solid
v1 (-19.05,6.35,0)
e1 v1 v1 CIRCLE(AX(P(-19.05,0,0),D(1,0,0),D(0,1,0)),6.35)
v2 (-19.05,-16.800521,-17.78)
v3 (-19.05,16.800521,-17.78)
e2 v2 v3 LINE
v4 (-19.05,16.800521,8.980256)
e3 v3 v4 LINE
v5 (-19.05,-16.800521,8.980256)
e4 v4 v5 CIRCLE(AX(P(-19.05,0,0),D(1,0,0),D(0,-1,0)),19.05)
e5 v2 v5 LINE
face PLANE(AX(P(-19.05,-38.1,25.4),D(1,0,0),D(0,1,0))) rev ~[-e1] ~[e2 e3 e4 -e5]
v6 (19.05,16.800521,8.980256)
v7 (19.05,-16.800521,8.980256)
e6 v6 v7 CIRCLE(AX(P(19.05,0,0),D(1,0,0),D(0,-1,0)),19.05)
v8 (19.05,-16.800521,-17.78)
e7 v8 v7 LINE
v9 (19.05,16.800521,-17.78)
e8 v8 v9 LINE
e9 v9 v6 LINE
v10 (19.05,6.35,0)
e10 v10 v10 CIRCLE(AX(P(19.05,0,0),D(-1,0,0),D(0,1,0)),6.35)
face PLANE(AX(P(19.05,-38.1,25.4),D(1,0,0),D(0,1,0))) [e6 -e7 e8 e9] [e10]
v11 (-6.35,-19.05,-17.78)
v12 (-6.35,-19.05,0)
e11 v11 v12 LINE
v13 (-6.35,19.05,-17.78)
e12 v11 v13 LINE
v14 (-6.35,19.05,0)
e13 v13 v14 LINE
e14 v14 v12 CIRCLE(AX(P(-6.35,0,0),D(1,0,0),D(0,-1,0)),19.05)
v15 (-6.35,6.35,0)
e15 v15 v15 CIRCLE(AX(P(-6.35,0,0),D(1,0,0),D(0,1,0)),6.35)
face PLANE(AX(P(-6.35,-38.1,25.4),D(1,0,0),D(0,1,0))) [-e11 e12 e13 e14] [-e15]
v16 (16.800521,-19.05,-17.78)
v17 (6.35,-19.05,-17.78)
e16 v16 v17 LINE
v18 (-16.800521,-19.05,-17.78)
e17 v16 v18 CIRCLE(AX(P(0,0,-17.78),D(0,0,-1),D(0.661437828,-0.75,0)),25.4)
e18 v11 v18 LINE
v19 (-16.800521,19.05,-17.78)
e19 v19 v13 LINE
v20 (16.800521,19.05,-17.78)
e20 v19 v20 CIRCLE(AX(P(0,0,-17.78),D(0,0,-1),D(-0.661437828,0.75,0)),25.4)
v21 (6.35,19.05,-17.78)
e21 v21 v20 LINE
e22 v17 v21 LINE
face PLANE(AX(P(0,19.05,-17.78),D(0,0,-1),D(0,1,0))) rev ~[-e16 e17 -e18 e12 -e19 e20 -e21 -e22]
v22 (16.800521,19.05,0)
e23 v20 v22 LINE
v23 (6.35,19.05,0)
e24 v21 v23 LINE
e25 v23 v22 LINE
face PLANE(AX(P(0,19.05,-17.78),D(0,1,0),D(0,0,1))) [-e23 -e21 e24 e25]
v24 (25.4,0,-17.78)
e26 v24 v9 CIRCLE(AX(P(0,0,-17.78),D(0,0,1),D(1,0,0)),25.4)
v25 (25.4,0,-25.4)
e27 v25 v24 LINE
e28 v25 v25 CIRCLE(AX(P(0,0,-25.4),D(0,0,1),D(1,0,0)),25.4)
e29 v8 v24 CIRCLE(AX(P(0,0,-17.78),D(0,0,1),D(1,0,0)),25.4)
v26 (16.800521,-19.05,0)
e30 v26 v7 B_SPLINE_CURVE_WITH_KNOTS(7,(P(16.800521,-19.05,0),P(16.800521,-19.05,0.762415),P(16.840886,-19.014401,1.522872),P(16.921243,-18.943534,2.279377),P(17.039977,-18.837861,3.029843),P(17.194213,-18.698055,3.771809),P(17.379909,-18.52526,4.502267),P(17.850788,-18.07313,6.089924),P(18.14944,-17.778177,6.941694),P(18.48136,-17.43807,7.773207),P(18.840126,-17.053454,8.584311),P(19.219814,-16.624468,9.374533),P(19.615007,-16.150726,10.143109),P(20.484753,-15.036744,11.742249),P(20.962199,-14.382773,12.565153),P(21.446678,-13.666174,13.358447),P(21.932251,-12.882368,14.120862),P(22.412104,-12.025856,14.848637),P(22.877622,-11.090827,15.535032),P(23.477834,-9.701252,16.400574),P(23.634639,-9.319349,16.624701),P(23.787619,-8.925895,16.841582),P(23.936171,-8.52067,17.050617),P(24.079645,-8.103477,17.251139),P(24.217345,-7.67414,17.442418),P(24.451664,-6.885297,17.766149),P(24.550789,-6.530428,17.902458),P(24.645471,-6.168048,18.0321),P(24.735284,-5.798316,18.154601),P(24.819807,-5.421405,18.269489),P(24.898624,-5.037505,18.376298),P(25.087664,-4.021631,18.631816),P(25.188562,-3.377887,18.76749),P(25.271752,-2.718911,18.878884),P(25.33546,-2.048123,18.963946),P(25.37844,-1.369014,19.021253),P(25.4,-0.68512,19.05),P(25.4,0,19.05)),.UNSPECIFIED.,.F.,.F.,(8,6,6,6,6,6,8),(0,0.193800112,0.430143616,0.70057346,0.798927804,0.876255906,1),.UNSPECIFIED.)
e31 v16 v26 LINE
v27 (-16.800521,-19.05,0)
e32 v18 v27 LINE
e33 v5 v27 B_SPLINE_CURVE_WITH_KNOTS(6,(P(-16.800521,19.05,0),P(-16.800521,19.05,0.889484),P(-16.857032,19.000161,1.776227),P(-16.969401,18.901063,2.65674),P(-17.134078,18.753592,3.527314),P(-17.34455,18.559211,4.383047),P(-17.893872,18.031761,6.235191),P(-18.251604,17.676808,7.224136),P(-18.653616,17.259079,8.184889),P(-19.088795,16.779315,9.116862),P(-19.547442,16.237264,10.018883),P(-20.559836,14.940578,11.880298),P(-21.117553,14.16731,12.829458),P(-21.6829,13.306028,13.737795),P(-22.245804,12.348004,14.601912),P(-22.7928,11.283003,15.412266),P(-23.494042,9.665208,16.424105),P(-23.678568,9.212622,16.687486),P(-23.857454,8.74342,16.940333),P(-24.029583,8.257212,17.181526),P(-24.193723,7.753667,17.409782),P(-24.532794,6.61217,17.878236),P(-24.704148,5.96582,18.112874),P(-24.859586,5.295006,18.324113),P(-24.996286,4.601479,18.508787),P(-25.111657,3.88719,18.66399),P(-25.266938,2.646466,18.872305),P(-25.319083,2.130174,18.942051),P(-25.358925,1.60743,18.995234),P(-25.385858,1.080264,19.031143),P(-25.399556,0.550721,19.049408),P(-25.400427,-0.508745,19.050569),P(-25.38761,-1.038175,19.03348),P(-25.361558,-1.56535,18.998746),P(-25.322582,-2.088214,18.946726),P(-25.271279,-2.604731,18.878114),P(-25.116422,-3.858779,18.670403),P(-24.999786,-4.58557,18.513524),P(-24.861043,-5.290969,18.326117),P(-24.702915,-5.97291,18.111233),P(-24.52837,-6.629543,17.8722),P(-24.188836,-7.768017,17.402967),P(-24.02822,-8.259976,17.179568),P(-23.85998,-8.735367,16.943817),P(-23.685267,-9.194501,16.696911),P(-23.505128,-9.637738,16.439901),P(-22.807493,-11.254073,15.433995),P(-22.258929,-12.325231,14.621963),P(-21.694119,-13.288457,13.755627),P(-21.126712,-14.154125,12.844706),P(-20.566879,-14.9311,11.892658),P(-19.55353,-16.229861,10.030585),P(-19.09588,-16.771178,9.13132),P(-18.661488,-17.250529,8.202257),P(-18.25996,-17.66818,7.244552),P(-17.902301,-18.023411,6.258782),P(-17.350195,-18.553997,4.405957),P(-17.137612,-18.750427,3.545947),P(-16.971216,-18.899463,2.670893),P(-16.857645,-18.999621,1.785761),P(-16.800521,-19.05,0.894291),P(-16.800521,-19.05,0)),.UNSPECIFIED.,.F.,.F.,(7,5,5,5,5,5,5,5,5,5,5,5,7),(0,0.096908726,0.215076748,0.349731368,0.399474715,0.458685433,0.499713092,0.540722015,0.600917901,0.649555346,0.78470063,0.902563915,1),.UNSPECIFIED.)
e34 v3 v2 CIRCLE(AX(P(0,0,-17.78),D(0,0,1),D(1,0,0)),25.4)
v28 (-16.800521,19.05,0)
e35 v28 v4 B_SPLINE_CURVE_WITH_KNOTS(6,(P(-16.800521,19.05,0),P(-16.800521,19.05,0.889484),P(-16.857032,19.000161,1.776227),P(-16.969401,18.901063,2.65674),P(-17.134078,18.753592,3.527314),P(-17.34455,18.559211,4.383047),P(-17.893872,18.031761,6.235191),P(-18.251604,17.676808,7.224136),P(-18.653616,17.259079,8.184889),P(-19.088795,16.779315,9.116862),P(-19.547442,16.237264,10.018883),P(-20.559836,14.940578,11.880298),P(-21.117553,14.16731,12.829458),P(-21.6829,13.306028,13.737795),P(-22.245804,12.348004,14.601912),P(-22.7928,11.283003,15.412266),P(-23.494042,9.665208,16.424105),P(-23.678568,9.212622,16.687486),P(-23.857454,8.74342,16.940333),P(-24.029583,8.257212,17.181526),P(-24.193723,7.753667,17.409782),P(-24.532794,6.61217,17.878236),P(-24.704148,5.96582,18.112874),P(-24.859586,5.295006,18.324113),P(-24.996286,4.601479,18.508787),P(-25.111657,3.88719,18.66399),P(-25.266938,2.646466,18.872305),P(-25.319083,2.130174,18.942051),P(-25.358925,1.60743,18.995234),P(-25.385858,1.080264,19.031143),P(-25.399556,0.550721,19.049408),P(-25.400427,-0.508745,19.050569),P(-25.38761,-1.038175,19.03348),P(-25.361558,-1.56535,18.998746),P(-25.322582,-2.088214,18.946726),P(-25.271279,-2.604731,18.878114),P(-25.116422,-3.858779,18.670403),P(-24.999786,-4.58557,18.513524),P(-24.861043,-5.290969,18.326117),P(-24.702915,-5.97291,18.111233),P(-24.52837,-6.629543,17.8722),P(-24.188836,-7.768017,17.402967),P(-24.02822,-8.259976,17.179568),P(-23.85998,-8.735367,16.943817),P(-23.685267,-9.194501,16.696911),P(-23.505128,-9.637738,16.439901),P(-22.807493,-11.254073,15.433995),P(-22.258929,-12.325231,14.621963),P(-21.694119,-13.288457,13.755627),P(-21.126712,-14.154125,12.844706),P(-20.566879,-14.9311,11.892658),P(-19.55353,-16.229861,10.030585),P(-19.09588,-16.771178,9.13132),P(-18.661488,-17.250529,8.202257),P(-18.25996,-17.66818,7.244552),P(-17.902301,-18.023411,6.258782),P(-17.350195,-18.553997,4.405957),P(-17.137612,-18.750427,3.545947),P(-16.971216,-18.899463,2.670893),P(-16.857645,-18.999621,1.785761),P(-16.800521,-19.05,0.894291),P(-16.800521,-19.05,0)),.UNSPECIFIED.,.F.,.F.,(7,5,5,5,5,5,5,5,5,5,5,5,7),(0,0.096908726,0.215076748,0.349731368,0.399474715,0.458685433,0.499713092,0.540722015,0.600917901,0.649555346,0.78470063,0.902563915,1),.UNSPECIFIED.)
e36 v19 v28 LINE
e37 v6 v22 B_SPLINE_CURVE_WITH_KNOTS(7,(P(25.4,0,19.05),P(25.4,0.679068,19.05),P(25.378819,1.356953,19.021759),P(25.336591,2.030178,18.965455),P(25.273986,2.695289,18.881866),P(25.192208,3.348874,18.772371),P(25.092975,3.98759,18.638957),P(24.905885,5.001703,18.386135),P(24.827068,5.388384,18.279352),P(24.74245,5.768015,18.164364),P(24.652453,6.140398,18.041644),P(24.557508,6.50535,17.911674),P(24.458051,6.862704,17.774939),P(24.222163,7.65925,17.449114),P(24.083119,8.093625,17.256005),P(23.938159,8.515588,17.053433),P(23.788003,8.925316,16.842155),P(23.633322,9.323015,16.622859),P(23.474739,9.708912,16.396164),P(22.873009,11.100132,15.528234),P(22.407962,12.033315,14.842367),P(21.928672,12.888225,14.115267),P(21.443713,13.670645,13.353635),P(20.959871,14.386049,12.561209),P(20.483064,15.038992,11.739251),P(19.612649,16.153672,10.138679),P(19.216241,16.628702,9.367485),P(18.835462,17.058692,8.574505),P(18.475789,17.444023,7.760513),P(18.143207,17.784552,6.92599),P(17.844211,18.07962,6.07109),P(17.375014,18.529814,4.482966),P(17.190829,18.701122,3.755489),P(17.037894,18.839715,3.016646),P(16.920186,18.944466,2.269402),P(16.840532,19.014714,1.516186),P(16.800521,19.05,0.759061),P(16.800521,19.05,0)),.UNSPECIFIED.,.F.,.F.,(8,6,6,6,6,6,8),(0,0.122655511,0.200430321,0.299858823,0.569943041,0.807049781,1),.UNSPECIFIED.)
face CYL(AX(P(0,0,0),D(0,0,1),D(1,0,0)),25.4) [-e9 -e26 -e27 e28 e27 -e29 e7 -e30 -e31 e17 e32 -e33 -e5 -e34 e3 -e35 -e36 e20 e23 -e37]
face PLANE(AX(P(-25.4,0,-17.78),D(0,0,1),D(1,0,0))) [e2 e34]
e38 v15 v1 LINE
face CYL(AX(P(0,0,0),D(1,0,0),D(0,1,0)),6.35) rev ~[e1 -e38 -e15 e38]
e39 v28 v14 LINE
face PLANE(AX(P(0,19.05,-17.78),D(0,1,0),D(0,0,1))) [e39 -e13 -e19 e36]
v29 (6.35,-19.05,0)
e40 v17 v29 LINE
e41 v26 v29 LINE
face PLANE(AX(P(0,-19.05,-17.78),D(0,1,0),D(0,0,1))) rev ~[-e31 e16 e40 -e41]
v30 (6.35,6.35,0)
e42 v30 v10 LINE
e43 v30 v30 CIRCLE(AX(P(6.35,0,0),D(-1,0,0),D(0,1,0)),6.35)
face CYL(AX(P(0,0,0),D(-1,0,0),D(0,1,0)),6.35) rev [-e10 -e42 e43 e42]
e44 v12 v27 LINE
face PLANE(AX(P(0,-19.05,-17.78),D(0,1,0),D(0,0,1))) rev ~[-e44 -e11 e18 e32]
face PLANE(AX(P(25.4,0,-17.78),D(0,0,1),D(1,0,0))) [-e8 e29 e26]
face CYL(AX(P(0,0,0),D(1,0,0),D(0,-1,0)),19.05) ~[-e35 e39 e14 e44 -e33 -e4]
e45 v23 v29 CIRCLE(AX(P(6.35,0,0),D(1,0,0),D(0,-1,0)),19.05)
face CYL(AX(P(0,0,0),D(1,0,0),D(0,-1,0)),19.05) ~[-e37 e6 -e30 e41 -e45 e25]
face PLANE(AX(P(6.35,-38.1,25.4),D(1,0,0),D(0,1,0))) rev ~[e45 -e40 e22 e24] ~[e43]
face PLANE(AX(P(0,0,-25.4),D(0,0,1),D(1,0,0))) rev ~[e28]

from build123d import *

# Parameters (mm, degrees)
F0_R     = 25.4
F1_DEPTH = 25.4
F2_W     = 12.7
F2_H     = 76.2
F3_DEPTH = 43.18
F4_R     = 6.35
F4_W     = 19.05
F4_H     = 17.78
F5_DEPTH = 25.4


with BuildPart() as f1:
    # F0 (on Top) → F1 (new body, symmetric)
    with BuildSketch(Plane.XY):
        Circle(F0_R)
    extrude(amount=F1_DEPTH, both=True)

    # F2 (on face) → F3 (cut)
    with BuildSketch(Plane.XY.offset(25.4)):
        Rectangle(F2_W, F2_H)
        with Locations((25.4, 0)):
            Rectangle(F2_W, F2_H)
        with Locations((-25.4, 0)):
            Rectangle(F2_W, F2_H)
    extrude(amount=-F3_DEPTH, mode=Mode.SUBTRACT)

    # F4 (on Right) → F5 (cut, symmetric)
    with BuildSketch(Plane.YZ):
        Circle(F4_R)
        with BuildLine():
            ThreePointArc((-19.05, 0), (0, 19.05), (19.05, 0))
            Line((19.05, 0), (38.1, 0))
            Line((38.1, 0), (38.1, 38.1))
            Line((38.1, 38.1), (-38.1, 38.1))
            Line((-38.1, 38.1), (-38.1, 0))
            Line((-38.1, 0), (-19.05, 0))
        make_face()
        with Locations((28.575, -8.89)):
            Rectangle(F4_W, F4_H)
        with Locations((-28.575, -8.89)):
            Rectangle(F4_W, F4_H)
    extrude(amount=F5_DEPTH, both=True, mode=Mode.SUBTRACT)


solid = f1.part
